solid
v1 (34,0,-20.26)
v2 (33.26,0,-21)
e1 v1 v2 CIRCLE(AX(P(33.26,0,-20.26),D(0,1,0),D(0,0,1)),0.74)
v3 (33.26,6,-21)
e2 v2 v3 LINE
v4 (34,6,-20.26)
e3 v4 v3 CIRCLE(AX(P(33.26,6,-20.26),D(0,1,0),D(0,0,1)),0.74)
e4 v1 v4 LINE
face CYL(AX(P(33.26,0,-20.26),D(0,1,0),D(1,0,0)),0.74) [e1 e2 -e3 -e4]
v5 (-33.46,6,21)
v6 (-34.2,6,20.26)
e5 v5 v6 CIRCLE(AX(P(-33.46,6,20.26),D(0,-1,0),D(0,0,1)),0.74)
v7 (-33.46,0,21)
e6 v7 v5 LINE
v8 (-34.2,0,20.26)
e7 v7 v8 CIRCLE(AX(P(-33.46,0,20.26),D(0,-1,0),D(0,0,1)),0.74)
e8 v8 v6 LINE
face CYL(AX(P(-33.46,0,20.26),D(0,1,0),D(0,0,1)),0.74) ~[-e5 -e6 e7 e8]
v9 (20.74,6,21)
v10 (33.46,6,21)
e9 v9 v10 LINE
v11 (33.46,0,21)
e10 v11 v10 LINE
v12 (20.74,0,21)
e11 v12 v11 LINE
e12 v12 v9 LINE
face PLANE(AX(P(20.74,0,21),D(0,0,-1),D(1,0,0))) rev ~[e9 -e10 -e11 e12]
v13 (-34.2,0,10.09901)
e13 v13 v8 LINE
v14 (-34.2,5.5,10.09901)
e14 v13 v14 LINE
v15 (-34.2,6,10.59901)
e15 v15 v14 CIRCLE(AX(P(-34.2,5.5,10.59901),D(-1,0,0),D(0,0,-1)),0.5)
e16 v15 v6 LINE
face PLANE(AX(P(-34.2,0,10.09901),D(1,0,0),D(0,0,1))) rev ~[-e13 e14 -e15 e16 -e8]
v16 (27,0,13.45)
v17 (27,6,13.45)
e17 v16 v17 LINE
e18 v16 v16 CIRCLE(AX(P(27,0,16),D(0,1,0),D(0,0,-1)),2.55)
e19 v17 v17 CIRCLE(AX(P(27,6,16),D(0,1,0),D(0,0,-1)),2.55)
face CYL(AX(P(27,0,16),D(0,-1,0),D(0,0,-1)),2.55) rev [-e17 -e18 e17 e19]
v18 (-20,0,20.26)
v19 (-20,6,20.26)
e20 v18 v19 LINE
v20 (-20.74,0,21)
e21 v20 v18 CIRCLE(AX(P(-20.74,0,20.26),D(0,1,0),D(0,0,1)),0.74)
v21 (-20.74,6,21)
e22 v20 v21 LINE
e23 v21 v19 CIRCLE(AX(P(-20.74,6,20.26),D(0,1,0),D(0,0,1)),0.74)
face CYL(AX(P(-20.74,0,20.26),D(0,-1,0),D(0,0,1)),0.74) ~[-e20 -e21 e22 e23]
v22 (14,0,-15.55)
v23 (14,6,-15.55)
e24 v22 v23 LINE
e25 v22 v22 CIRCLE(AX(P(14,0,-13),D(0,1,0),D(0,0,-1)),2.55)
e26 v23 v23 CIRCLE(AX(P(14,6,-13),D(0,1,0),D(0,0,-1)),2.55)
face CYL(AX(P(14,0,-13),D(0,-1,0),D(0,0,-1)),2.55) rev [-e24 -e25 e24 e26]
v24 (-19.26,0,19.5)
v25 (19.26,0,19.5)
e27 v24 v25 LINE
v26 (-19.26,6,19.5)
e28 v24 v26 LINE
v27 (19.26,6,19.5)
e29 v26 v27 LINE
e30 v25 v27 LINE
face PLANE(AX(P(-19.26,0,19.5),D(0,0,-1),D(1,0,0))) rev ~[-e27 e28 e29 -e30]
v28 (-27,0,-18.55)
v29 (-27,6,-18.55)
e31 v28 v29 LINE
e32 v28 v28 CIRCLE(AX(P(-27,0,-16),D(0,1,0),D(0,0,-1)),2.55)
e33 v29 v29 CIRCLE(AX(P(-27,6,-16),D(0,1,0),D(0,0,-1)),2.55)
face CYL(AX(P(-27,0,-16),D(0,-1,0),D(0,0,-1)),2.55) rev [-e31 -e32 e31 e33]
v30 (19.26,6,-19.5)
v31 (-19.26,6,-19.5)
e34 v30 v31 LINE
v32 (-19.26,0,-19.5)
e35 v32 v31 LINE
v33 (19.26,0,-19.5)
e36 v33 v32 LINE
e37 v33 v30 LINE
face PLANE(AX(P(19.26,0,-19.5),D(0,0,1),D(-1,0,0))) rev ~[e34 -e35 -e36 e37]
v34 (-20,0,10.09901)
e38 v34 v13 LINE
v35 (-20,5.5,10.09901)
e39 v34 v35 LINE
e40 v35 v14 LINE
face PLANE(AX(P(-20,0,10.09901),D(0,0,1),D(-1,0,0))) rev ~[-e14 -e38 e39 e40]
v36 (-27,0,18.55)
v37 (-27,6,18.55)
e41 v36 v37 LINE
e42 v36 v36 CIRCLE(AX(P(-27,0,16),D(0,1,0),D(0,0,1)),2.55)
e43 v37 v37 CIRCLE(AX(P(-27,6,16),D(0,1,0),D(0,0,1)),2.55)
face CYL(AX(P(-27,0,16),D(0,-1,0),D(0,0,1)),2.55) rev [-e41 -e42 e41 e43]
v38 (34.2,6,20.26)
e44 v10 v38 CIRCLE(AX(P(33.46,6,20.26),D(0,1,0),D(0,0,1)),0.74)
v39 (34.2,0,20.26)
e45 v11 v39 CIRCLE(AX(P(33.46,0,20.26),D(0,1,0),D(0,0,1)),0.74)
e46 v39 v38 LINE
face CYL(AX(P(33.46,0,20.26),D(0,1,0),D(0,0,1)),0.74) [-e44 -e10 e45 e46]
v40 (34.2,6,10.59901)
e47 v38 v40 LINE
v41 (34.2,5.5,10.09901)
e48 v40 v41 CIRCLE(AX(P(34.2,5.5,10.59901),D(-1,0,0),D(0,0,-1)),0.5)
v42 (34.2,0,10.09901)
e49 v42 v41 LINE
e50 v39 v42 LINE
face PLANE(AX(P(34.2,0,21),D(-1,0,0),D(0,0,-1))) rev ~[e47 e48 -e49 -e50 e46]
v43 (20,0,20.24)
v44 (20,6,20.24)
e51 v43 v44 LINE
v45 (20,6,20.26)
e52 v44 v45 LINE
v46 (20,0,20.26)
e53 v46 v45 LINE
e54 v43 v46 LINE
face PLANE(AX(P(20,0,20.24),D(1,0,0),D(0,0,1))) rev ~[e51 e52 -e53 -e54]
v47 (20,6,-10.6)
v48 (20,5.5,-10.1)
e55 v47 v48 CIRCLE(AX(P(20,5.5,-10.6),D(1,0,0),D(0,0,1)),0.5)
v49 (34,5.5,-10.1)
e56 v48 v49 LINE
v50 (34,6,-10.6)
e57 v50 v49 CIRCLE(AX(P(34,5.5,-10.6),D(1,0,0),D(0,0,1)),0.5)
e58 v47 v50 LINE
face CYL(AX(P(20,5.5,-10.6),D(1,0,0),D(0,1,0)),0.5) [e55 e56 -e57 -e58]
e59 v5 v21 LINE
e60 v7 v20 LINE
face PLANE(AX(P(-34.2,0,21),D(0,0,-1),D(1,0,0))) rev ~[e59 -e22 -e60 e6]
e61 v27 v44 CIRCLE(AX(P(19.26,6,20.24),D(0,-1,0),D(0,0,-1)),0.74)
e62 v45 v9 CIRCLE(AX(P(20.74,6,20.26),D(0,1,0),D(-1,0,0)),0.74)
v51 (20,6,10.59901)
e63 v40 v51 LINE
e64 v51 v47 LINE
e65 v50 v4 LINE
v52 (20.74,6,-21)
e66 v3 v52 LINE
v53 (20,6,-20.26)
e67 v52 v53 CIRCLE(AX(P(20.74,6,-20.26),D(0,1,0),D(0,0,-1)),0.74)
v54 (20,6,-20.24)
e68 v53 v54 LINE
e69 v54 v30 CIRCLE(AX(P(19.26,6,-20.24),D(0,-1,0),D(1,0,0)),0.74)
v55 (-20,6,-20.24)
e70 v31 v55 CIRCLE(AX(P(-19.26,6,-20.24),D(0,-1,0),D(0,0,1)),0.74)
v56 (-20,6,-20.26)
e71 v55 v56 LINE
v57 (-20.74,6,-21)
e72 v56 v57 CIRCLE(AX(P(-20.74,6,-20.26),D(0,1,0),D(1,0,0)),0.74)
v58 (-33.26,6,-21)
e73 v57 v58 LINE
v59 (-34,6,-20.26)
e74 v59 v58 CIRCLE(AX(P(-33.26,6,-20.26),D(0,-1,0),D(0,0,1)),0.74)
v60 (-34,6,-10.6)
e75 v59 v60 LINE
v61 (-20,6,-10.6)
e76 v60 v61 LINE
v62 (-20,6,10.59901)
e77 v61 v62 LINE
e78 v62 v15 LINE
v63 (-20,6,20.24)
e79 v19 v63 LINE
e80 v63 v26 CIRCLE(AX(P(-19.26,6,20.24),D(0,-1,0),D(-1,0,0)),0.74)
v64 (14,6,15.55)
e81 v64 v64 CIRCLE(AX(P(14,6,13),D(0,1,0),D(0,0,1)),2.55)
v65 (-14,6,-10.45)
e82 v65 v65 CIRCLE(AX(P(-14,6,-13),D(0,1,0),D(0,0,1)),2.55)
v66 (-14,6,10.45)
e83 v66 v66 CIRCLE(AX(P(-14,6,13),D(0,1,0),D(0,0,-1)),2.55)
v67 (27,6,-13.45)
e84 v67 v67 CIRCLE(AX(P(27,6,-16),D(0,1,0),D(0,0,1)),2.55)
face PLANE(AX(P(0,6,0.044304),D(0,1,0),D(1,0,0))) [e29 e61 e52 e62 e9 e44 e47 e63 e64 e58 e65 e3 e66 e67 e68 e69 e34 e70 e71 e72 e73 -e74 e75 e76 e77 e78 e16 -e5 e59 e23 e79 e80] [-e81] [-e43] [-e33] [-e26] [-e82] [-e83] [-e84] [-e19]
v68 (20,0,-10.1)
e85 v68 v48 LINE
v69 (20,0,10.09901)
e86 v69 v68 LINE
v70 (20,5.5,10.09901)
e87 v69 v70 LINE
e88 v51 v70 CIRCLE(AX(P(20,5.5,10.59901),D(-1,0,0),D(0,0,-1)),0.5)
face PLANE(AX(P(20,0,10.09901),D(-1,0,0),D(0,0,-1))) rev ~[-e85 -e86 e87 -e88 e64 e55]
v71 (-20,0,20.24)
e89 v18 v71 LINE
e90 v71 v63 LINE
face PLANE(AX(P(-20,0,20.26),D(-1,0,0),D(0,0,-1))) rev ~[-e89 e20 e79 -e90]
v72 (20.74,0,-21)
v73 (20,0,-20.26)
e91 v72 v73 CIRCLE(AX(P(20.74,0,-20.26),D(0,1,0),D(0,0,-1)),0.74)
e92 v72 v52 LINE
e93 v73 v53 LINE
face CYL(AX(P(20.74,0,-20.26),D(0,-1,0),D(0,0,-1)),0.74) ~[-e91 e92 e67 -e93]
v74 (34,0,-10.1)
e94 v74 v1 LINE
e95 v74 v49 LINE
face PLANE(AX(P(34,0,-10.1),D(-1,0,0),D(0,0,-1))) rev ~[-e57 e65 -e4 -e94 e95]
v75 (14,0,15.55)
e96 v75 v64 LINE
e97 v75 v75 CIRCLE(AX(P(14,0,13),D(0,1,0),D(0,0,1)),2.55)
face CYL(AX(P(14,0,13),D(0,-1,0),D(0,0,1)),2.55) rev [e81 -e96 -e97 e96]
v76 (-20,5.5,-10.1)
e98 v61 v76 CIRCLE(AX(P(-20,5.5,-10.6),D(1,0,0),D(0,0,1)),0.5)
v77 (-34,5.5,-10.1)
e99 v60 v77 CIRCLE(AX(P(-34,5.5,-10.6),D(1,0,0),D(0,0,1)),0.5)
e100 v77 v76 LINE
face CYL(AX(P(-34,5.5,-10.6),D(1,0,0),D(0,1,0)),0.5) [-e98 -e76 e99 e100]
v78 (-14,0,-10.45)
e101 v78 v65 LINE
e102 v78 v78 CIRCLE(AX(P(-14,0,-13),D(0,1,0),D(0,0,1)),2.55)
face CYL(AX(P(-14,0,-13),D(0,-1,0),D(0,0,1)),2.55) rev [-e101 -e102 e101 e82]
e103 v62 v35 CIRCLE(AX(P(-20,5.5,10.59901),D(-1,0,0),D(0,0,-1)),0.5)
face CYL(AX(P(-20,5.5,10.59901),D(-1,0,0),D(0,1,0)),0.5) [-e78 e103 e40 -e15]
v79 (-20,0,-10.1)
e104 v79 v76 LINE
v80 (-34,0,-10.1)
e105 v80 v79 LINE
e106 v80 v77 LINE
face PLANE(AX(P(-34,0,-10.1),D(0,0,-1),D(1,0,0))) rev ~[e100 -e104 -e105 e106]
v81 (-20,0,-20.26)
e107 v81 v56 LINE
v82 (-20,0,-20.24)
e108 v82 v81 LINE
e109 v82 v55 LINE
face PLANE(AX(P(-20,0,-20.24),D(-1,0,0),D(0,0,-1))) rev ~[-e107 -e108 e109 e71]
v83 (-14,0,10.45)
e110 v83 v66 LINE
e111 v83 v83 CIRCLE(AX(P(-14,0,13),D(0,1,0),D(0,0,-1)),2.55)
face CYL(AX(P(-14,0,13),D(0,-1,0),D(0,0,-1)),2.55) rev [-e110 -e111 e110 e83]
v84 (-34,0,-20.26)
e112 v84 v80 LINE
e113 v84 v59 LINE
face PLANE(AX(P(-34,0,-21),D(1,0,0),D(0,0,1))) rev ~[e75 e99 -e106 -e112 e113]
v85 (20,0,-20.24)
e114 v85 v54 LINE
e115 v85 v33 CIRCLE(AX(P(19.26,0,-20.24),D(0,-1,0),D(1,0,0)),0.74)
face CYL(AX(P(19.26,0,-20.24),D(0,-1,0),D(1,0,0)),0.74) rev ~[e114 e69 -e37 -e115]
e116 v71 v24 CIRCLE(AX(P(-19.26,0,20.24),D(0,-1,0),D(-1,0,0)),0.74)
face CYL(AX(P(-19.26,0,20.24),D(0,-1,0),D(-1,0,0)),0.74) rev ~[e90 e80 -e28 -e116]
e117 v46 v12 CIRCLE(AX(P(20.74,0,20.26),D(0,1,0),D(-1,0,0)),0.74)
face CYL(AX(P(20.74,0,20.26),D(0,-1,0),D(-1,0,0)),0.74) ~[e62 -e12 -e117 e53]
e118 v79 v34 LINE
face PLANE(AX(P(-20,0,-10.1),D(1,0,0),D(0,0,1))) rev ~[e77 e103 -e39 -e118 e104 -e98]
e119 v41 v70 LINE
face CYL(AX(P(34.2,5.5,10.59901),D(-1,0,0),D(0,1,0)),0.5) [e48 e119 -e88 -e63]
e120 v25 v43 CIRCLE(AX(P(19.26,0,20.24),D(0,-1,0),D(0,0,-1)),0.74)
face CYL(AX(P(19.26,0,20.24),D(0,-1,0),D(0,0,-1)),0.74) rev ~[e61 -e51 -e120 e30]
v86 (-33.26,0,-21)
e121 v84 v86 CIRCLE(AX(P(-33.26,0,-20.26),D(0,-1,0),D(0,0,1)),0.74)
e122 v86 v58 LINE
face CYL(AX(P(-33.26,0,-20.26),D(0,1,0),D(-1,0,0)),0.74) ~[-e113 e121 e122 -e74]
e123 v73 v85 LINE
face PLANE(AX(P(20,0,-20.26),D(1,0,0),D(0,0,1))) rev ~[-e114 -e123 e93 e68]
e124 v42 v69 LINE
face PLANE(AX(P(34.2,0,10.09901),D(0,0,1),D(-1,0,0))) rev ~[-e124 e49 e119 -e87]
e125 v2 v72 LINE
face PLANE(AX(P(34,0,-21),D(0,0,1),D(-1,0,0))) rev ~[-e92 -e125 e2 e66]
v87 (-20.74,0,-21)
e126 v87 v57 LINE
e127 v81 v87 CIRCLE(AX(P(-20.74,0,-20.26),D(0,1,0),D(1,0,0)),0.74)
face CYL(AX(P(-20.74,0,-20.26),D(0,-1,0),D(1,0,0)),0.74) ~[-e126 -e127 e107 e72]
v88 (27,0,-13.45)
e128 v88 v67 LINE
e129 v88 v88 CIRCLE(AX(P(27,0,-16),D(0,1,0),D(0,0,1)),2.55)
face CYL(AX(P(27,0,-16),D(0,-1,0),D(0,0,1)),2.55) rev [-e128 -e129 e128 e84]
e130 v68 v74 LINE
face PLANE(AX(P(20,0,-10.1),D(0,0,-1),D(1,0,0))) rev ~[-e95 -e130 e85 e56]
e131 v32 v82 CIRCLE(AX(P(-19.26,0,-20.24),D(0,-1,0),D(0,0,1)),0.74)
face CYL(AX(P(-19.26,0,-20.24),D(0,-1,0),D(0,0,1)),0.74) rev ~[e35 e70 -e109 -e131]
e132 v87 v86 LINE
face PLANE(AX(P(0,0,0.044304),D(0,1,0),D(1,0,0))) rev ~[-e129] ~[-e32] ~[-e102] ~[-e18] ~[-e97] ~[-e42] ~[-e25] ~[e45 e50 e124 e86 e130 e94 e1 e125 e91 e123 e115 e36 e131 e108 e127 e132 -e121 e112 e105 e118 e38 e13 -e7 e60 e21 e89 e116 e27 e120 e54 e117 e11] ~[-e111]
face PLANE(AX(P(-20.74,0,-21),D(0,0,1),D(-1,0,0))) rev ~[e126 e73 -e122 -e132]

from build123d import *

# Parameters (mm, degrees)
SKETCH1_R           = 2.55
BOSS_EXTRUDE1_DEPTH = 6
FILLET1_R           = 0.74
FILLET2_R           = 0.5


with BuildPart() as part:
    # Sketch1 → Boss-Extrude1 (new body)
    with BuildSketch(Plane(origin=(0, 0, 0), x_dir=(1, 0, 0), z_dir=(0, 1, 0))):
        with BuildLine():
            Line((-19.26, -19.5), (19.26, -19.5))
            ThreePointArc((19.26, -19.5), (19.783259018, -19.716740982), (20, -20.24))
            Line((20, -20.24), (20, -20.26))
            ThreePointArc((20, -20.26), (20.216740982, -20.783259018), (20.74, -21))
            Line((20.74, -21), (34.2, -21))
            Line((34.2, -21), (34.2, -10.099009877))
            Line((34.2, -10.099009877), (20, -10.099009877))
            Line((20, -10.099009877), (20, 10.1))
            Line((20, 10.1), (34, 10.1))
            Line((34, 10.1), (34, 21))
            Line((34, 21), (20.74, 21))
            ThreePointArc((20.74, 21), (20.216740982, 20.783259018), (20, 20.26))
            Line((20, 20.26), (20, 20.24))
            ThreePointArc((20, 20.24), (19.783259018, 19.716740982), (19.26, 19.5))
            Line((19.26, 19.5), (-19.26, 19.5))
            ThreePointArc((-19.26, 19.5), (-19.783259018, 19.716740982), (-20, 20.24))
            Line((-20, 20.24), (-20, 20.26))
            ThreePointArc((-20, 20.26), (-20.216740982, 20.783259018), (-20.74, 21))
            Line((-20.74, 21), (-34, 21))
            Line((-34, 21), (-34, 10.1))
            Line((-34, 10.1), (-20, 10.1))
            Line((-20, 10.1), (-20, -10.099009877))
            Line((-20, -10.099009877), (-34.2, -10.099009877))
            Line((-34.2, -10.099009877), (-34.2, -21))
            Line((-34.2, -21), (-20.74, -21))
            ThreePointArc((-20.74, -21), (-20.216740982, -20.783259018), (-20, -20.26))
            Line((-20, -20.26), (-20, -20.24))
            ThreePointArc((-20, -20.24), (-19.783259018, -19.716740982), (-19.26, -19.5))
        make_face()
        with Locations(Location((-14, 13, 0), (0, 0, 270))):
            Circle(SKETCH1_R, mode=Mode.SUBTRACT)
        with Locations(Location((14, 13, 0), (0, 0, 90))):
            Circle(SKETCH1_R, mode=Mode.SUBTRACT)
        with Locations(Location((14, -13, 0), (0, 0, 270))):
            Circle(SKETCH1_R, mode=Mode.SUBTRACT)
        with Locations(Location((-14, -13, 0), (0, 0, 90))):
            Circle(SKETCH1_R, mode=Mode.SUBTRACT)
        with Locations(Location((27, 16, 0), (0, 0, 270))):
            Circle(SKETCH1_R, mode=Mode.SUBTRACT)
        with Locations(Location((27, -16, 0), (0, 0, 90))):
            Circle(SKETCH1_R, mode=Mode.SUBTRACT)
        with Locations(Location((-27, -16, 0), (0, 0, 270))):
            Circle(SKETCH1_R, mode=Mode.SUBTRACT)
        with Locations(Location((-27, 16, 0), (0, 0, 90))):
            Circle(SKETCH1_R, mode=Mode.SUBTRACT)
    extrude(amount=BOSS_EXTRUDE1_DEPTH)

    # Fillet1
    fillet1_edges = [part.edges().sort_by_distance(p)[0] for p in [
        (34.2, 3, 21),
        (-34.2, 3, 21),
        (-34, 3, -21),
        (34, 3, -21),
    ]]
    fillet(fillet1_edges, radius=FILLET1_R)

    # Fillet2
    fillet2_edges = [part.edges().sort_by_distance(p)[0] for p in [
        (27.1, 6, 10.099009877),
        (-27, 6, -10.1),
        (-27.1, 6, 10.099009877),
        (27, 6, -10.1),
    ]]
    fillet(fillet2_edges, radius=FILLET2_R)


solid = part.part
